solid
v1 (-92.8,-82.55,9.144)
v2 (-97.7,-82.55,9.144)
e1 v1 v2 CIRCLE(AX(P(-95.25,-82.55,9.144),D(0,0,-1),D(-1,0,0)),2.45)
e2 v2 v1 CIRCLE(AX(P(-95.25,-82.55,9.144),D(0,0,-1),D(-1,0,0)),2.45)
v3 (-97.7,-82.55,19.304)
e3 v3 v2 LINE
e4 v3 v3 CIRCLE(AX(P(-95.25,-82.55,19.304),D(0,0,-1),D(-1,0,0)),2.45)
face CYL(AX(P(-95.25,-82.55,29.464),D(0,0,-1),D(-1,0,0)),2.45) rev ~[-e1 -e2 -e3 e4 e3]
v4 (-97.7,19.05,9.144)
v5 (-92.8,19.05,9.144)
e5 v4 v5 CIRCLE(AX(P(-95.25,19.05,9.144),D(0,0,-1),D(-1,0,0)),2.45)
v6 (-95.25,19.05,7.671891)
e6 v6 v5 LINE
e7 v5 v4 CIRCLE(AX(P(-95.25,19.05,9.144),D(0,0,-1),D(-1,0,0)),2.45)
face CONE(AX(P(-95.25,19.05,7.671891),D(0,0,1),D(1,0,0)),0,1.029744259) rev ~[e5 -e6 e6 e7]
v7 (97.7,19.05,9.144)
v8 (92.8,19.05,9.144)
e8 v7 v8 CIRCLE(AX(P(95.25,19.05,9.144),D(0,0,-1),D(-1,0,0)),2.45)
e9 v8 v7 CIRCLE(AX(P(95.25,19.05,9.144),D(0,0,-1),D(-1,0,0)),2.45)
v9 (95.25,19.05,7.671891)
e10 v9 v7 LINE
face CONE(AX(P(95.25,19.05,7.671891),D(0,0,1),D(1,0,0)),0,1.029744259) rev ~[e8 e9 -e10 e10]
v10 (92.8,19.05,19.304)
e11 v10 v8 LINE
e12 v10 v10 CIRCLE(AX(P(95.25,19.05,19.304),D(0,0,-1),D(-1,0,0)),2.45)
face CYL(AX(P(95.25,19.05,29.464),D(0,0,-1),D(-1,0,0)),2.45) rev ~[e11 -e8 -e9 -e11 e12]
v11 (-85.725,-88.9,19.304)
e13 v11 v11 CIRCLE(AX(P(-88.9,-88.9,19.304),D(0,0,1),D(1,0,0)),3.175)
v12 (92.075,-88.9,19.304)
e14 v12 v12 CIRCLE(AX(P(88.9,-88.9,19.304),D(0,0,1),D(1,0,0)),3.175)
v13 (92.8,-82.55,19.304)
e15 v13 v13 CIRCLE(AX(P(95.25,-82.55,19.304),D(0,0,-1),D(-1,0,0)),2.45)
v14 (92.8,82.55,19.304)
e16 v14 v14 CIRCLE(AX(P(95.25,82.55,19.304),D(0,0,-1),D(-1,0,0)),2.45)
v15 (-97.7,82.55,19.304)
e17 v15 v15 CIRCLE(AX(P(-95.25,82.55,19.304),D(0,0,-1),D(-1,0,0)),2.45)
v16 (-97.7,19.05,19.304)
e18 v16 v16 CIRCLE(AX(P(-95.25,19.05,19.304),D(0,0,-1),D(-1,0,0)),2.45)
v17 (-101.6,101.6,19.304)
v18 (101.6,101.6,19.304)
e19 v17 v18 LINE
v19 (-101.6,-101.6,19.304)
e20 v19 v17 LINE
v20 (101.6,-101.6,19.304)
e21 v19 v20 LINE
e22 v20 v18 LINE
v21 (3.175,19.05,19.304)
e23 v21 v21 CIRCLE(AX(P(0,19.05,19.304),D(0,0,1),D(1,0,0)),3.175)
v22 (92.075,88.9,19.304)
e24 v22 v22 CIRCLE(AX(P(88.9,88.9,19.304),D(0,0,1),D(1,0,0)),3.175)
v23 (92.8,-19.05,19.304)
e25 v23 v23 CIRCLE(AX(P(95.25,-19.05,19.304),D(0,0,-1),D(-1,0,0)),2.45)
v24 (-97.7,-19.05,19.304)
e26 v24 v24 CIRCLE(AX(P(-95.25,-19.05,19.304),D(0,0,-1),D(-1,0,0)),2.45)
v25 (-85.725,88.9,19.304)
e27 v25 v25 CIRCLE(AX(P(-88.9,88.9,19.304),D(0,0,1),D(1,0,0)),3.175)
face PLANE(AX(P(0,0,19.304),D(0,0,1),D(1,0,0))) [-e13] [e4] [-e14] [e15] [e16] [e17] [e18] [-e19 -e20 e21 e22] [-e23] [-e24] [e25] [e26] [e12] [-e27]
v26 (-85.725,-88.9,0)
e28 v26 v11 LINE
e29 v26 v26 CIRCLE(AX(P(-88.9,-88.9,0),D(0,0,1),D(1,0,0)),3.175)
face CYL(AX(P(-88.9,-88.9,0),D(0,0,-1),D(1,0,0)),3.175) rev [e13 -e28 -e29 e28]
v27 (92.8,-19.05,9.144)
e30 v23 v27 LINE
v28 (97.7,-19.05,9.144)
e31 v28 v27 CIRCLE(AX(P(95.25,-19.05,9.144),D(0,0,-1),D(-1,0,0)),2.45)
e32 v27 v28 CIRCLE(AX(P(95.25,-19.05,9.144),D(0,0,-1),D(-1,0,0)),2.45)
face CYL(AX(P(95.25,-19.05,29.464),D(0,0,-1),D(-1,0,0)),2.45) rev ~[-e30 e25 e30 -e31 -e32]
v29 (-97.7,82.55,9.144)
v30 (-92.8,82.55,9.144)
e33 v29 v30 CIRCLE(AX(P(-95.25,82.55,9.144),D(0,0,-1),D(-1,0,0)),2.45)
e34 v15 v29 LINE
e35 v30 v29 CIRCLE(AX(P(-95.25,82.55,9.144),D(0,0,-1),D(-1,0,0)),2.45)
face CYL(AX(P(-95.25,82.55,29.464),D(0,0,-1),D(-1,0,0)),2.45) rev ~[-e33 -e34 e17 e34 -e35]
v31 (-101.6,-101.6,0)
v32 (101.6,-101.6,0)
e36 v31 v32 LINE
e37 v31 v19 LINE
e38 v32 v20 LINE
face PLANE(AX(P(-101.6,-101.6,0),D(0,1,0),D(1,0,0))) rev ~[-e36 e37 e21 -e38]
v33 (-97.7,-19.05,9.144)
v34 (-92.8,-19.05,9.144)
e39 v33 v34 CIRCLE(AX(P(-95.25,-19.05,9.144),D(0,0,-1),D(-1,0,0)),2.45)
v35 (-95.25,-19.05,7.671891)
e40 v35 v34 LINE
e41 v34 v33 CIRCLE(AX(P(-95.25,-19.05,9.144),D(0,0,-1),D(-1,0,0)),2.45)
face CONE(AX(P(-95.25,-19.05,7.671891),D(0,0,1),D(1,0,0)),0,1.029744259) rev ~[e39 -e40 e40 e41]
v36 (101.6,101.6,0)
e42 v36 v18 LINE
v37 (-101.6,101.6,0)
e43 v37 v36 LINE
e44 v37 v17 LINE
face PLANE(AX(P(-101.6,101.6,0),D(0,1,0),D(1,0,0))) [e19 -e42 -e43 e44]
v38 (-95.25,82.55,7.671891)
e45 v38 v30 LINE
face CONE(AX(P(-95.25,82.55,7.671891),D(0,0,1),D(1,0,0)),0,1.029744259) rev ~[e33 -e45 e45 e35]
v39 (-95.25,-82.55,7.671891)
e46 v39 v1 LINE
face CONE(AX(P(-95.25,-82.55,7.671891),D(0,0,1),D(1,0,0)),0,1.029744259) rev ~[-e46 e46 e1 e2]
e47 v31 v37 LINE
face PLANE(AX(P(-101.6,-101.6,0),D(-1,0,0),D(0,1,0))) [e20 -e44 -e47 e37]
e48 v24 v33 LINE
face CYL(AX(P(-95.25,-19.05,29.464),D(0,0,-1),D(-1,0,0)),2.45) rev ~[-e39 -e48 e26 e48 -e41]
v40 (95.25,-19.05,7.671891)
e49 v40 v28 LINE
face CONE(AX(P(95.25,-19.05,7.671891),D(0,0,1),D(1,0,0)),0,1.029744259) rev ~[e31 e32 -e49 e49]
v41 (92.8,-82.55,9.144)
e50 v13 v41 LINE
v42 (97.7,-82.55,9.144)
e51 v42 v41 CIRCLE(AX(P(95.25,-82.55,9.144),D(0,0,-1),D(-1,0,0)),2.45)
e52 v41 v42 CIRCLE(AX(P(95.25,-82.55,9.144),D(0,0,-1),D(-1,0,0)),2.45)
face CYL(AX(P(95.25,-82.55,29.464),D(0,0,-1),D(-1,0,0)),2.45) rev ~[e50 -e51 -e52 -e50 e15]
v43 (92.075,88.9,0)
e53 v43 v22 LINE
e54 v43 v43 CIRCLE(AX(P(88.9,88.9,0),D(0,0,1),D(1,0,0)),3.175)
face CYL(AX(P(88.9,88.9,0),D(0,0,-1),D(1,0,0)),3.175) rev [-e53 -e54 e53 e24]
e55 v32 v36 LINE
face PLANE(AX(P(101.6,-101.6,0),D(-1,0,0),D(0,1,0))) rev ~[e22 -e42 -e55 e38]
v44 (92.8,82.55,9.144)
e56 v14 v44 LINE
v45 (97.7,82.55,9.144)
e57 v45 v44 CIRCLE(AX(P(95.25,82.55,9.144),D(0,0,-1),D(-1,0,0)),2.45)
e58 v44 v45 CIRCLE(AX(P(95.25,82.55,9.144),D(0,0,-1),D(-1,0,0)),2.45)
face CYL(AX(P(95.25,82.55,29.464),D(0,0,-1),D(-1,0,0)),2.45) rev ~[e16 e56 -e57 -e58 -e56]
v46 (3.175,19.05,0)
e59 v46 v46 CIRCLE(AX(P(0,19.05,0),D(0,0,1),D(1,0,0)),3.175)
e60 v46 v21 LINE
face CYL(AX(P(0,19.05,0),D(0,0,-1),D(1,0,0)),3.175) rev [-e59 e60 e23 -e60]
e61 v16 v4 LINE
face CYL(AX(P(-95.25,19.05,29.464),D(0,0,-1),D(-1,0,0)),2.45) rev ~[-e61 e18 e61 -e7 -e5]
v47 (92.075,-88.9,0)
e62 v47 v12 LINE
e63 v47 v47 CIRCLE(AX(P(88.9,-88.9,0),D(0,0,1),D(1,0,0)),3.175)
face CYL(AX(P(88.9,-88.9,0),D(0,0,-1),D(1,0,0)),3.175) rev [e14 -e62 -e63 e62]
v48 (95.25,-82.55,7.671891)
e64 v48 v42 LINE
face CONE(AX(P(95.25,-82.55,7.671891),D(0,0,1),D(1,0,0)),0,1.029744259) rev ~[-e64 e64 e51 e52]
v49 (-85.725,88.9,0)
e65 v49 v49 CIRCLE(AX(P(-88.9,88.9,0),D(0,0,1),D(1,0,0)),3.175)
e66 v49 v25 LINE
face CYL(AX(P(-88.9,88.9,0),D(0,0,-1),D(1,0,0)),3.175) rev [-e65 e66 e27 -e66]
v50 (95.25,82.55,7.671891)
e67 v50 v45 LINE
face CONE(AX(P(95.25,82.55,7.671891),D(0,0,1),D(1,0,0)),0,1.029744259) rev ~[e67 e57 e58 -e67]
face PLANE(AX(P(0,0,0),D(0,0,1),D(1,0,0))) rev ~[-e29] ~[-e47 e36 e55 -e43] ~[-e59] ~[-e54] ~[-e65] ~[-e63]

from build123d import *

# Parameters (mm, degrees)
F0_W     = 203.2
F0_H     = 203.2
F0_R     = 3.175
F1_DEPTH = 19.304
F3_D     = 4.9
F3_DEPTH = 10.16
F3_TIP   = 1.4721085166


with BuildPart() as f1:
    # F0 (on Top) → F1 (new body)
    with BuildSketch(Plane.XY):
        Rectangle(F0_W, F0_H)
        with Locations((-88.9, -88.9)):
            Circle(F0_R, mode=Mode.SUBTRACT)
        with Locations((88.9, -88.9)):
            Circle(F0_R, mode=Mode.SUBTRACT)
        with Locations((0, 19.05)):
            Circle(F0_R, mode=Mode.SUBTRACT)
        with Locations((-88.9, 88.9)):
            Circle(F0_R, mode=Mode.SUBTRACT)
        with Locations((88.9, 88.9)):
            Circle(F0_R, mode=Mode.SUBTRACT)
    extrude(amount=F1_DEPTH)

    # F3
    with Locations(Plane.XY.offset(19.304)):
        with Locations((-95.25, -82.55), (-95.25, -19.05), (-95.25, 19.05), (-95.25, 82.55), (95.25, 82.55), (95.25, 19.05), (95.25, -19.05), (95.25, -82.55)):
            Hole(F3_D / 2, depth=F3_DEPTH)
            with Locations((0, 0, -(F3_DEPTH + F3_TIP / 2))):  # 118° drill point
                Cone(0, F3_D / 2, F3_TIP, mode=Mode.SUBTRACT)


solid = f1.part
